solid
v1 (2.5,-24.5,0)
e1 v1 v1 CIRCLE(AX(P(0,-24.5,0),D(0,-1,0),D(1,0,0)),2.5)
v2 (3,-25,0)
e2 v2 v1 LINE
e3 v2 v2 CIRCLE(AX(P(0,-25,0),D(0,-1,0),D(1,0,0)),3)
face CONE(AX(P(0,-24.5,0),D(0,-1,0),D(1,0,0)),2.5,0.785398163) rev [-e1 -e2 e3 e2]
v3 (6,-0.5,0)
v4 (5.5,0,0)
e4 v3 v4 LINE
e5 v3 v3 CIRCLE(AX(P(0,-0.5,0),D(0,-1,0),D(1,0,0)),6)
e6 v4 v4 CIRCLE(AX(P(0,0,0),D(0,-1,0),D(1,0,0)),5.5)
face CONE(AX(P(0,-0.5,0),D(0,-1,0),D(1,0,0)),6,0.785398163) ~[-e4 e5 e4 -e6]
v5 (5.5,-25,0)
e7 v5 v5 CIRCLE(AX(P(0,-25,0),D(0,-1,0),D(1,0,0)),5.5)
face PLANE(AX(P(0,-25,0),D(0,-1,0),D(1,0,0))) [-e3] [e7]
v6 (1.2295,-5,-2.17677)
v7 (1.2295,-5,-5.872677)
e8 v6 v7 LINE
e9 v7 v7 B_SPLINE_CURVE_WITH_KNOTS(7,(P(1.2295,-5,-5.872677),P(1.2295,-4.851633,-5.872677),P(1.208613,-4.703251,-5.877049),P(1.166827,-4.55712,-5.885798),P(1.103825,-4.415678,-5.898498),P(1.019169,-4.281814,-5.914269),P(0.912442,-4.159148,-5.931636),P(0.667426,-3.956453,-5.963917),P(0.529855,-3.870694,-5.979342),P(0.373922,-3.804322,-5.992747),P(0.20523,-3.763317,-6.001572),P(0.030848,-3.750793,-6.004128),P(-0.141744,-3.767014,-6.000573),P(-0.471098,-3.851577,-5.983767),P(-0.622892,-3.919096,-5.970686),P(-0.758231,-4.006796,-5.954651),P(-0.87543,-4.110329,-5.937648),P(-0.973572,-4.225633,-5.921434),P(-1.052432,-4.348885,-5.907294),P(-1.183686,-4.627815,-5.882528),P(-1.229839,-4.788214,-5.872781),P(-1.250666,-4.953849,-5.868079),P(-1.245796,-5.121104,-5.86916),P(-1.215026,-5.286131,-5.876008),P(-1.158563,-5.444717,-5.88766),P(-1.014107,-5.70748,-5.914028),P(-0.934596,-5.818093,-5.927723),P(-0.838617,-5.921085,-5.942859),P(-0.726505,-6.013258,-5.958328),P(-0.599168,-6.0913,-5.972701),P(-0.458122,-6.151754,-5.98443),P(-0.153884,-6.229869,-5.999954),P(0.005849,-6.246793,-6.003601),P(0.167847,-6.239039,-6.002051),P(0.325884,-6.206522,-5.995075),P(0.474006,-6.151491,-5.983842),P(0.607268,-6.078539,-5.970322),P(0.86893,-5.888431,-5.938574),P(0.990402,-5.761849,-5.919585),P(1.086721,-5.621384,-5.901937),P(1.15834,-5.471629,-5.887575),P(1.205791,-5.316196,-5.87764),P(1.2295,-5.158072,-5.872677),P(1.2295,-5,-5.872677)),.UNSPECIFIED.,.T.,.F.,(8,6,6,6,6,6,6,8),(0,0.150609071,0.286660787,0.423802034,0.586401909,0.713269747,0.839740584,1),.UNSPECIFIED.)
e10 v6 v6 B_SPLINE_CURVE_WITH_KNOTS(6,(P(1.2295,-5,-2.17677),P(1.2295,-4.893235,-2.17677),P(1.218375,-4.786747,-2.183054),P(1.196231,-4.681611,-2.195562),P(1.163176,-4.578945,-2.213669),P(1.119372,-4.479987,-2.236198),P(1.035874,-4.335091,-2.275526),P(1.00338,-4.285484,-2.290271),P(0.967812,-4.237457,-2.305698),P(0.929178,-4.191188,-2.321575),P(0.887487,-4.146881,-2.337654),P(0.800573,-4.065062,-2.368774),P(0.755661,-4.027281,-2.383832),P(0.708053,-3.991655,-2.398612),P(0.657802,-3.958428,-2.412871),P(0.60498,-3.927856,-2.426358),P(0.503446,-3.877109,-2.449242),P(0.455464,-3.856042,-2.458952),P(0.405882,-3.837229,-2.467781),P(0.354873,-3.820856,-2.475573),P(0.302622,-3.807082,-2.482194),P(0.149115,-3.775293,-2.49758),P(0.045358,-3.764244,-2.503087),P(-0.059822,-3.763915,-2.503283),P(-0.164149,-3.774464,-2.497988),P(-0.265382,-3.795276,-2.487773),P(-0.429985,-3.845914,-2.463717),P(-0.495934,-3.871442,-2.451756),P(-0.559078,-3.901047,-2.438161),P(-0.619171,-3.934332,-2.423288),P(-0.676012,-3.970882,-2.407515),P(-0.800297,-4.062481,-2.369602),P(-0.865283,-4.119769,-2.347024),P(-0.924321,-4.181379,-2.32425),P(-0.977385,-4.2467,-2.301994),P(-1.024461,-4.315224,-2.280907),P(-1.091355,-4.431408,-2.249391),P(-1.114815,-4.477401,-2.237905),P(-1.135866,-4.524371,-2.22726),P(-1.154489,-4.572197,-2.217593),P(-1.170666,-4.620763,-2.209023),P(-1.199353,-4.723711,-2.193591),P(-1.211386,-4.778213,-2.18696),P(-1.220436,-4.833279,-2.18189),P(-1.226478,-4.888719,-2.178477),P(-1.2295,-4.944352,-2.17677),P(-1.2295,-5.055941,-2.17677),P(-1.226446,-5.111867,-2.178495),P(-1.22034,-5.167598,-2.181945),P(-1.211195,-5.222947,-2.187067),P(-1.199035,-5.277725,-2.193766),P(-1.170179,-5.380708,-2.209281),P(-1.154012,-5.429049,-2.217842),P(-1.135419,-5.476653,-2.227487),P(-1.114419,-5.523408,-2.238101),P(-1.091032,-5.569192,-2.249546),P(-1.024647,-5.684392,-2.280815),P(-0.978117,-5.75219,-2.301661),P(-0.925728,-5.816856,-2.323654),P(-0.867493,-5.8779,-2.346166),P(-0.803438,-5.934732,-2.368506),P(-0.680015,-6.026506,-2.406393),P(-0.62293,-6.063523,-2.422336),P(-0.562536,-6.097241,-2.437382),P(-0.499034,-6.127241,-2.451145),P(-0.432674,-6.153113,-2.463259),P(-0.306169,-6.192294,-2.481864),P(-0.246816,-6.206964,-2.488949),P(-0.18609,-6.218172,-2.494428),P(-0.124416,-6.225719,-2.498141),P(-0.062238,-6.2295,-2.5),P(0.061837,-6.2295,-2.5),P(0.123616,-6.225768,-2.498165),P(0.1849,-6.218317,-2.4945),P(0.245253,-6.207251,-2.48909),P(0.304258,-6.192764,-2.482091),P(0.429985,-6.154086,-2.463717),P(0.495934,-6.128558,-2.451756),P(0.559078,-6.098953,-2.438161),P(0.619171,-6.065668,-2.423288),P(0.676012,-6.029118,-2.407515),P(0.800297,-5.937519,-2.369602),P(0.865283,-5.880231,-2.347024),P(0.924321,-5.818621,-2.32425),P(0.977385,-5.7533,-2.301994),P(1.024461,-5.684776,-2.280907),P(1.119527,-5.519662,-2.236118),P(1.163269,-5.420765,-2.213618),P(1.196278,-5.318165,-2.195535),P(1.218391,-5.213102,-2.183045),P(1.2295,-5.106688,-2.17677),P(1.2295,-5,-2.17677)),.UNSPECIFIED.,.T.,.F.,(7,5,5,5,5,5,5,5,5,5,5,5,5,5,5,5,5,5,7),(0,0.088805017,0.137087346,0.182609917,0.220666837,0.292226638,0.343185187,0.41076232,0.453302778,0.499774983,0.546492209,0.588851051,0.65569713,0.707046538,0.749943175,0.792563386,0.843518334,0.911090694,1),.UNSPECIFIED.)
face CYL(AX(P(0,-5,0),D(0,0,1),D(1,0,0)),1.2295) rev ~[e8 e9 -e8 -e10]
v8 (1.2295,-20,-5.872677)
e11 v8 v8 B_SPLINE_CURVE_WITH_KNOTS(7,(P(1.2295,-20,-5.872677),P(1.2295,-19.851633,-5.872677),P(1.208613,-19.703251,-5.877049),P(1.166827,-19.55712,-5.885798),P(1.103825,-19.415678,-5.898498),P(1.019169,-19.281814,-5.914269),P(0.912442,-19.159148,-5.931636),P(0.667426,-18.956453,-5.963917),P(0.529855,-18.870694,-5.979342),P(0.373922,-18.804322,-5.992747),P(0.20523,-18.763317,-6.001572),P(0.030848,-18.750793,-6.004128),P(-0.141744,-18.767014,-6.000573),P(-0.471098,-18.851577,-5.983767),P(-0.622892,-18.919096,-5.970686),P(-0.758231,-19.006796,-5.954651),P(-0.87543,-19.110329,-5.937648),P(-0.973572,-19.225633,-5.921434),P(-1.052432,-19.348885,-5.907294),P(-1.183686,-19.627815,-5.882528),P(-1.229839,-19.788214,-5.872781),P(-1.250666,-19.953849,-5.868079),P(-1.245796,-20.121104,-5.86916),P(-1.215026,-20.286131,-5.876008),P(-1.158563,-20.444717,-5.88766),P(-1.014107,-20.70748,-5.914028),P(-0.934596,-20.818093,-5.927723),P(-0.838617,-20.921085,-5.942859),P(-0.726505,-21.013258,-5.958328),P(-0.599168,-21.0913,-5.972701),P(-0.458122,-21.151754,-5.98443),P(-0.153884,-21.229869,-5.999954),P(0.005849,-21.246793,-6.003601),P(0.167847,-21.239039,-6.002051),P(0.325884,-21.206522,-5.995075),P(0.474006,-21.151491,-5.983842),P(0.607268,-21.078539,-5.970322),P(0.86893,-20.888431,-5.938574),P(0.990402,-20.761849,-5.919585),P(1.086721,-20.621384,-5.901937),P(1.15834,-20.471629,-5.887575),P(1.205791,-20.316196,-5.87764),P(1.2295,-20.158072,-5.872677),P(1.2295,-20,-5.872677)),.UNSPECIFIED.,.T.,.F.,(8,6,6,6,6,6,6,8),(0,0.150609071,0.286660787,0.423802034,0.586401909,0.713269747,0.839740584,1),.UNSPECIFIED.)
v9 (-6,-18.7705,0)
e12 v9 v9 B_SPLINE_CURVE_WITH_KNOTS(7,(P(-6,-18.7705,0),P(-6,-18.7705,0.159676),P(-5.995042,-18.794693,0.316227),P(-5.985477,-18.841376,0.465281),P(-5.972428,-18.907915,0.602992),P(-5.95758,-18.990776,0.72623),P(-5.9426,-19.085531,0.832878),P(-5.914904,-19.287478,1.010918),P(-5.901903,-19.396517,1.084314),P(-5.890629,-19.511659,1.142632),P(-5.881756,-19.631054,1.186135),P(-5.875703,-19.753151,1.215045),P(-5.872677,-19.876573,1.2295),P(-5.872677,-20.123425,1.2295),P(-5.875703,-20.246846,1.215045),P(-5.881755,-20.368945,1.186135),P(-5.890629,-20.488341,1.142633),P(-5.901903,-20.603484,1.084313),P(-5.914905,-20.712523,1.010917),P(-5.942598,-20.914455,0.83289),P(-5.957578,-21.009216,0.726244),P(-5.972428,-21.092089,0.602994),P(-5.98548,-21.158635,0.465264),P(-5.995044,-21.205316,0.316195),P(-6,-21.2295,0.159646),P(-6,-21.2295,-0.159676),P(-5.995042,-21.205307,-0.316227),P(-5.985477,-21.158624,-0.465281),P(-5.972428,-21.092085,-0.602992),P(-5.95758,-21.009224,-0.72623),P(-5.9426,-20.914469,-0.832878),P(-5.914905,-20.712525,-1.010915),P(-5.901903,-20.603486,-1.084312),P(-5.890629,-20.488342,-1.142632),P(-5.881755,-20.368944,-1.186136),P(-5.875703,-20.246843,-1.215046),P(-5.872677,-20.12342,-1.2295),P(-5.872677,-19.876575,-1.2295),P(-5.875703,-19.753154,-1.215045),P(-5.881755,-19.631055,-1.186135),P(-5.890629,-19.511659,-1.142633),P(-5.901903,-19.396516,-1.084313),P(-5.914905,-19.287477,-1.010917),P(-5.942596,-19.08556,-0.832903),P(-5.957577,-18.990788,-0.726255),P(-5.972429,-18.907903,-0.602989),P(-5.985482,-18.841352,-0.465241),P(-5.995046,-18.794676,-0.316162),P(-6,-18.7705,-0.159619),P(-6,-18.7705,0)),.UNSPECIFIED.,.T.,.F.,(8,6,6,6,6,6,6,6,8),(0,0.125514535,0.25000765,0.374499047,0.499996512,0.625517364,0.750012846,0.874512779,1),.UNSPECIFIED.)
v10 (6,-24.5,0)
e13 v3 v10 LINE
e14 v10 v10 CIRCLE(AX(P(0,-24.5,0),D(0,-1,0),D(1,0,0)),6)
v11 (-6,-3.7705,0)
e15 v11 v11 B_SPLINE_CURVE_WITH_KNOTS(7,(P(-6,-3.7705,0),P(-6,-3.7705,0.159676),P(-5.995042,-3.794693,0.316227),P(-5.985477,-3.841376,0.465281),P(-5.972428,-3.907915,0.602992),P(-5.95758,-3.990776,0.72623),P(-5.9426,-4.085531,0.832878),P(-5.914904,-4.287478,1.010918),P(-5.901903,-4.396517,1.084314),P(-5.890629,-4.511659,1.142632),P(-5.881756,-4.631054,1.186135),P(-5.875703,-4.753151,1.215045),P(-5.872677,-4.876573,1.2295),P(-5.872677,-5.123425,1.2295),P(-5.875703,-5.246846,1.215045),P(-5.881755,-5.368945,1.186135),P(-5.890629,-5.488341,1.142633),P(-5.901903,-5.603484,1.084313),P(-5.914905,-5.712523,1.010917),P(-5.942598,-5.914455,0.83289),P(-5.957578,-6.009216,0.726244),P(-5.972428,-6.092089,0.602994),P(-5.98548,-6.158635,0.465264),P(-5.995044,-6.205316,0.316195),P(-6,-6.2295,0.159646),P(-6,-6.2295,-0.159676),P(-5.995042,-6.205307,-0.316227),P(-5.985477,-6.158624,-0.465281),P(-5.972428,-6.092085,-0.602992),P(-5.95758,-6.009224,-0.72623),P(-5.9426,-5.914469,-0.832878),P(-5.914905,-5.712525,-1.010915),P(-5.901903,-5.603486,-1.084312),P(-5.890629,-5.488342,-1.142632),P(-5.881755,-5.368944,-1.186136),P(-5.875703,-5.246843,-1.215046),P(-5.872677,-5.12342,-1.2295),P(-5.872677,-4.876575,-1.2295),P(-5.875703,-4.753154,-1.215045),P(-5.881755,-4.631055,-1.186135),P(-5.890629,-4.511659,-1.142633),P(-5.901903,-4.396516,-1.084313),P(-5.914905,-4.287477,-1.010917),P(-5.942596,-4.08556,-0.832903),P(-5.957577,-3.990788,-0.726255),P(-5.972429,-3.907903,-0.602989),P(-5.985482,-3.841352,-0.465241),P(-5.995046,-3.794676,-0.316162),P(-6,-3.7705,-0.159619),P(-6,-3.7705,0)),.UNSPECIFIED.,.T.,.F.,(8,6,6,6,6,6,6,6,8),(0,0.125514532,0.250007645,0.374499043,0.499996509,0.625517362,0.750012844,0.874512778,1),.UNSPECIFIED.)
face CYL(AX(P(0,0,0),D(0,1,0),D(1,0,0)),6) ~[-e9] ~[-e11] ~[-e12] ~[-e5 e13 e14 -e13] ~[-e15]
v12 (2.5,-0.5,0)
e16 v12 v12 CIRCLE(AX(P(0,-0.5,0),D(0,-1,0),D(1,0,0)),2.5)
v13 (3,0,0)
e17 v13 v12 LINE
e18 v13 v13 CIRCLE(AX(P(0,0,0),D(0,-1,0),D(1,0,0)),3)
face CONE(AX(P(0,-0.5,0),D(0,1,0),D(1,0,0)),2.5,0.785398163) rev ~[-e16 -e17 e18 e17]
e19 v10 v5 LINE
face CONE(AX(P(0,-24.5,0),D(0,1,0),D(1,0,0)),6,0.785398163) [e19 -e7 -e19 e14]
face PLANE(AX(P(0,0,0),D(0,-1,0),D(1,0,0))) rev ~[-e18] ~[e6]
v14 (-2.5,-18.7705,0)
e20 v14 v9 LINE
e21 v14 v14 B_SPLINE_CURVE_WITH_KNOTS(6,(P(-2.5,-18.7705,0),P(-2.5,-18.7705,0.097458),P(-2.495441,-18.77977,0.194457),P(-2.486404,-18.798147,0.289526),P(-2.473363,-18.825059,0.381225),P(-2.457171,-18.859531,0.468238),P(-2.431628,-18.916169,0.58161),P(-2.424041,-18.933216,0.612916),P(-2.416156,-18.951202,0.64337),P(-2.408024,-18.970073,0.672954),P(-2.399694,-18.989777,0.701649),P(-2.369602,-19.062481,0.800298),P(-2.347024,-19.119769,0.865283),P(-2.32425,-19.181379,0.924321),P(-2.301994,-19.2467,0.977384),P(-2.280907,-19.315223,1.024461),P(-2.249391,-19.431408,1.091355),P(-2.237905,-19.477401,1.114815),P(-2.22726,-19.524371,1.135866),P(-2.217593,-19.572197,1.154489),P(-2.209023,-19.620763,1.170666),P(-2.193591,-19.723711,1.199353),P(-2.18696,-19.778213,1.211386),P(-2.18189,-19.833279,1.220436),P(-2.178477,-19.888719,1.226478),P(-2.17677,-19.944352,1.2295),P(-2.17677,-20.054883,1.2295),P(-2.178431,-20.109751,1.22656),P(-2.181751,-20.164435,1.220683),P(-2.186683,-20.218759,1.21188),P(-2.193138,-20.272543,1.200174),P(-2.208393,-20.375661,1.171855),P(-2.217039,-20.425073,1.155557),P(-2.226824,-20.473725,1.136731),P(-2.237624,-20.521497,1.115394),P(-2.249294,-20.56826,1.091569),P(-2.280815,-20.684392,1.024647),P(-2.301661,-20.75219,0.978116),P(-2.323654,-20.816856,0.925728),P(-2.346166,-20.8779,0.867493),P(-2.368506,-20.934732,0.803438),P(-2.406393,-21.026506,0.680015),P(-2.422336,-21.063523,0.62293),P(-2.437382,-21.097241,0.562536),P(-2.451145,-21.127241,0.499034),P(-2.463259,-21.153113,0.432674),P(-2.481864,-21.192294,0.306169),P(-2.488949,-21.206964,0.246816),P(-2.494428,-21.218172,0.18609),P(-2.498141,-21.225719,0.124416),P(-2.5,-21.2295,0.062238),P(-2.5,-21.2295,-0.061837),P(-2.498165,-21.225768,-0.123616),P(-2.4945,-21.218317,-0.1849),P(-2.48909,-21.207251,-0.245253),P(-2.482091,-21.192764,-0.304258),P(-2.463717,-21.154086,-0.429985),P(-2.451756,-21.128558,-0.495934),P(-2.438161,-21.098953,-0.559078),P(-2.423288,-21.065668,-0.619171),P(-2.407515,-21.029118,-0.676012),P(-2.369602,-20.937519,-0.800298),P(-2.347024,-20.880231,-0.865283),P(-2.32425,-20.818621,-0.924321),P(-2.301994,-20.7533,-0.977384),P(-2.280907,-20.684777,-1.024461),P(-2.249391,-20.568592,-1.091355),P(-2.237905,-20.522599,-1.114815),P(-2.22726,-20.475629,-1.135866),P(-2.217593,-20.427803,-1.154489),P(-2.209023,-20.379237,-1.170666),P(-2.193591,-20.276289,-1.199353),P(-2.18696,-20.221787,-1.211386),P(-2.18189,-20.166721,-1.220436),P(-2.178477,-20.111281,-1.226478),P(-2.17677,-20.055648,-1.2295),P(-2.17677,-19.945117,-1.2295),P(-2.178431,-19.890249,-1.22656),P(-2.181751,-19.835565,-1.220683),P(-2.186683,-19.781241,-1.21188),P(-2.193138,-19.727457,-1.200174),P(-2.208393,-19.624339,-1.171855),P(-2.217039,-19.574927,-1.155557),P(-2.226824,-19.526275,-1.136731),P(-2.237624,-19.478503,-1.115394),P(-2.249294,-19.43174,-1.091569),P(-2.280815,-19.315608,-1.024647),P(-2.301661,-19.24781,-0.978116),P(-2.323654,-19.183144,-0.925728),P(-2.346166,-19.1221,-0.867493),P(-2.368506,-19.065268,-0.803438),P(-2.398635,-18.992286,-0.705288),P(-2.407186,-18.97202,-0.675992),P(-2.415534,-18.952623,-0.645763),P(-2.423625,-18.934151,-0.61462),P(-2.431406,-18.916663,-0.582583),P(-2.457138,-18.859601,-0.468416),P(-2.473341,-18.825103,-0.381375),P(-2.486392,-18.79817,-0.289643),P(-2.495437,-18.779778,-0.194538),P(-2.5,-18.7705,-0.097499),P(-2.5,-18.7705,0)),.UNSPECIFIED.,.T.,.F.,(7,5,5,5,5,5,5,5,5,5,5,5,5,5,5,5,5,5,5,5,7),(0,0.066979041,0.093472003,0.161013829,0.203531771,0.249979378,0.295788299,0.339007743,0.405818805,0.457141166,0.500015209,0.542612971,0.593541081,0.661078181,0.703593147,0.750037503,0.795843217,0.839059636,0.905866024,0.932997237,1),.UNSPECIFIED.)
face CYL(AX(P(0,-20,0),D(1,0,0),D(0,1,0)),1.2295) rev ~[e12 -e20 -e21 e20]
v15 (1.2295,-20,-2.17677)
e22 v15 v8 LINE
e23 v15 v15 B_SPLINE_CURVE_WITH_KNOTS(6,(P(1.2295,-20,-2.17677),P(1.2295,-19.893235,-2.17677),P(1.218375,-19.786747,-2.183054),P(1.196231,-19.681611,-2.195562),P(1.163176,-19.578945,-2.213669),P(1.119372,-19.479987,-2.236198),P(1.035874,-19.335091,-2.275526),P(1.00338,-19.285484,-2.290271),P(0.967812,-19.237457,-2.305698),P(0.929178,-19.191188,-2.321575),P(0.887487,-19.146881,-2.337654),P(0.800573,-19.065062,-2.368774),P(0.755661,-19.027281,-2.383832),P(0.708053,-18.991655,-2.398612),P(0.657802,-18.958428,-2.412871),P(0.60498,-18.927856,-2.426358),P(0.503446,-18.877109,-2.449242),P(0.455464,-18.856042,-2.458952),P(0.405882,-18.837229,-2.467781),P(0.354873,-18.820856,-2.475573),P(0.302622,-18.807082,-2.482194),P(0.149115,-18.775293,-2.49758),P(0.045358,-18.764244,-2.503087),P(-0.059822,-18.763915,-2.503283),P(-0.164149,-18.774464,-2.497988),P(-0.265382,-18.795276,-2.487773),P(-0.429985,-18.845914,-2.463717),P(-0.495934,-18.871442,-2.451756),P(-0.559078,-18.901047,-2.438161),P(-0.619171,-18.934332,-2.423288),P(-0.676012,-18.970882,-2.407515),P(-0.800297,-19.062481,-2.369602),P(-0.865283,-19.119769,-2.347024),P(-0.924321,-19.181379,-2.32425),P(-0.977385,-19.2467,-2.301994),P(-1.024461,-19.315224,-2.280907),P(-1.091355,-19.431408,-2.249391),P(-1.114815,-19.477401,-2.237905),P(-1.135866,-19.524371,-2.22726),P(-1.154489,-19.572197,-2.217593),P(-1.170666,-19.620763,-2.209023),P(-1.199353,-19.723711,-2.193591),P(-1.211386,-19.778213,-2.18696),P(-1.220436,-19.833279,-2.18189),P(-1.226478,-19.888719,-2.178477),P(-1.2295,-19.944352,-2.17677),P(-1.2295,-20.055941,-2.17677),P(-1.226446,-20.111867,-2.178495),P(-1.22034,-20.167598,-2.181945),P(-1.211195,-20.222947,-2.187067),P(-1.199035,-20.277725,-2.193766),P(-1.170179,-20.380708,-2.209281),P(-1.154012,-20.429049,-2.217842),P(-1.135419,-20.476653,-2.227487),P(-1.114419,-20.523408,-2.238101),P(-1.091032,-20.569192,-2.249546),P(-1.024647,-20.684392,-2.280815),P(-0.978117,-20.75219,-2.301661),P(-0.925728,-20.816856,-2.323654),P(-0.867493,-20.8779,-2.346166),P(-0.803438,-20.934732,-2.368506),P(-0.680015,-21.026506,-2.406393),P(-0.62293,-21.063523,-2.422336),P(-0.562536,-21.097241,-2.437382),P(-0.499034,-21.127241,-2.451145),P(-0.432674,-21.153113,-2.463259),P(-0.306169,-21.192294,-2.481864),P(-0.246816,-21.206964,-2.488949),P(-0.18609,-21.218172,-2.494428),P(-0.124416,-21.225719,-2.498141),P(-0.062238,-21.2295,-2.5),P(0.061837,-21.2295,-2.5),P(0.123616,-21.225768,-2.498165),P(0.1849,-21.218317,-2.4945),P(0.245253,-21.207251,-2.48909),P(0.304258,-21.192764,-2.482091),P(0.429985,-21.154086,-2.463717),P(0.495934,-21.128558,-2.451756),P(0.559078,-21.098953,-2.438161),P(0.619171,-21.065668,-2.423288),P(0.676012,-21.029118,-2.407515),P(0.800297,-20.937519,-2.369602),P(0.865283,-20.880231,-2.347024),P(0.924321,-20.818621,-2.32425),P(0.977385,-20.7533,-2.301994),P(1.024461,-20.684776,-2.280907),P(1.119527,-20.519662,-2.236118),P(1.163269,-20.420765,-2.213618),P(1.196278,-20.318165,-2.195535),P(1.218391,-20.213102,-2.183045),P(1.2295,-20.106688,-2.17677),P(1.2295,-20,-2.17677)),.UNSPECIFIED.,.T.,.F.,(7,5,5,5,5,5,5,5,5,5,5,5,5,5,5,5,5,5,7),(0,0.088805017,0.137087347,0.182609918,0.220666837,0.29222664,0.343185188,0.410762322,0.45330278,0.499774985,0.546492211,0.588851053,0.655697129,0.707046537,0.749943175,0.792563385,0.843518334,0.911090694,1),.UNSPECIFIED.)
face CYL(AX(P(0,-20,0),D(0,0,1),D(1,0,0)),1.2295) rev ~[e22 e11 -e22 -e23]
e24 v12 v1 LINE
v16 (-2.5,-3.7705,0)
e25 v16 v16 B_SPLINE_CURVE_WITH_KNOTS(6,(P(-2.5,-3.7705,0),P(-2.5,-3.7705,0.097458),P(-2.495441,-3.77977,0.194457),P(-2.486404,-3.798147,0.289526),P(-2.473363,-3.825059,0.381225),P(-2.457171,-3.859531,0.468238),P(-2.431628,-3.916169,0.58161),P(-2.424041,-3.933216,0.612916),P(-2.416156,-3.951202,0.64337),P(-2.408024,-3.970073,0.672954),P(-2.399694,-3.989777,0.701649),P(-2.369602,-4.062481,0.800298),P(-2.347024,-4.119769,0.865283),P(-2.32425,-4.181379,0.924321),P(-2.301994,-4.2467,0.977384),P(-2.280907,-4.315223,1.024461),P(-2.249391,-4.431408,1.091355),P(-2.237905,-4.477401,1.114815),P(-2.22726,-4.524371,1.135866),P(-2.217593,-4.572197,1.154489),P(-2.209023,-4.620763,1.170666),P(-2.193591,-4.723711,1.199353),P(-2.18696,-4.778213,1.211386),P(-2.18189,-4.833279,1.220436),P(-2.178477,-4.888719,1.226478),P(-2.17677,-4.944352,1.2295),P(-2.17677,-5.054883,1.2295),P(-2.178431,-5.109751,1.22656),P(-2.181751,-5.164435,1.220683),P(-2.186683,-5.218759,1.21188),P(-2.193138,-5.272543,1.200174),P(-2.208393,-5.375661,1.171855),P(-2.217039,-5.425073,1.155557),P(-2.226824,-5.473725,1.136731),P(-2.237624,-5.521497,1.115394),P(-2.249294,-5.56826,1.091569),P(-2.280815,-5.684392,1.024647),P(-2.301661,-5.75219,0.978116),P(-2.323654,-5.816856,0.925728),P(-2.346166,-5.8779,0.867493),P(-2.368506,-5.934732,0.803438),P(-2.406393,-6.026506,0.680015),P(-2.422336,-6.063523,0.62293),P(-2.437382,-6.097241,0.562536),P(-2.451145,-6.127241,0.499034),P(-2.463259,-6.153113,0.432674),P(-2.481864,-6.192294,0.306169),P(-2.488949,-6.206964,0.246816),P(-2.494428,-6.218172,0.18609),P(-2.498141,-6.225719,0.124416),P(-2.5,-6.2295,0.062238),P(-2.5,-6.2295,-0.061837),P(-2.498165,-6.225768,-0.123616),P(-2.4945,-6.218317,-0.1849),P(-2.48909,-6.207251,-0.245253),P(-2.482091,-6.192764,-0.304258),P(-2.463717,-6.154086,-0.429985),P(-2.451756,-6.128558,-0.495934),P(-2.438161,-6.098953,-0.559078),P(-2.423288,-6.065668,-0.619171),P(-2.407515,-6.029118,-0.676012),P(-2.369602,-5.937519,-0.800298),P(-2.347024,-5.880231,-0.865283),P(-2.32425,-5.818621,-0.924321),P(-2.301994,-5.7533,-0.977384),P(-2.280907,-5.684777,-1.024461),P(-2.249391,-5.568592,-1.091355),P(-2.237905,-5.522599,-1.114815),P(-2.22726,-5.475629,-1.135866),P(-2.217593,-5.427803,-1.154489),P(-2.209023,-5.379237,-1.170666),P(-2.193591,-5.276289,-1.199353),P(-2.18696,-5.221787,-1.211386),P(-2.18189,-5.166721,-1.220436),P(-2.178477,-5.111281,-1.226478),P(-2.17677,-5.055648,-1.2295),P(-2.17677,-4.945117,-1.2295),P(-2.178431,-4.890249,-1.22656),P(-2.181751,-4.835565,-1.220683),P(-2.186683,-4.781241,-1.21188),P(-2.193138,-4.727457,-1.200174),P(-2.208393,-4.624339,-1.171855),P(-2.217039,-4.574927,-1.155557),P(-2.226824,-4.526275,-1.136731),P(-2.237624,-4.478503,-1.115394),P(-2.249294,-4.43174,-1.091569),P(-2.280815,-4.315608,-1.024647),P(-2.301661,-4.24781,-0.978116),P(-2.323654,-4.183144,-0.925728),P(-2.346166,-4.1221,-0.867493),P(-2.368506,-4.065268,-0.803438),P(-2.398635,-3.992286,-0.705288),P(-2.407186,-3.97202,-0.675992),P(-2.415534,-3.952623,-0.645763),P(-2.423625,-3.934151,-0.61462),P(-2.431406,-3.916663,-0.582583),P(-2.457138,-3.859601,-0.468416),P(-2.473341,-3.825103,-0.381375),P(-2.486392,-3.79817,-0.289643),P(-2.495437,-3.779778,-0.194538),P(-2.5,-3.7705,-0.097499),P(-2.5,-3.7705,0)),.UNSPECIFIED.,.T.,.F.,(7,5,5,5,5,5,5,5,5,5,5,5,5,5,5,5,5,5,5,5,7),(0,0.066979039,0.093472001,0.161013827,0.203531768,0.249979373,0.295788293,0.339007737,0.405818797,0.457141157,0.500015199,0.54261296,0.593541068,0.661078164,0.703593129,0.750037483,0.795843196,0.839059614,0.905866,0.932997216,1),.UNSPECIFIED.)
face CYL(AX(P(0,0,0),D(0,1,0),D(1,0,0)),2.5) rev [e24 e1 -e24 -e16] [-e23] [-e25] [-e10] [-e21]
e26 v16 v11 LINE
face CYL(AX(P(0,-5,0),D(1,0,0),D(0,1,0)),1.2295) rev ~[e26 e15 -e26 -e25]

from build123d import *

# Parameters (mm, degrees)
F0_R     = 6
F0_R_2   = 2.5
F1_DEPTH = 25
F2_R     = 1.2295
F3_DEPTH = 25
F4_R     = 1.2295
F5_DEPTH = 25
F6_SIZE  = 0.5


with BuildPart() as f1:
    # F0 (on Front) → F1 (new body)
    with BuildSketch(Plane.XZ):
        Circle(F0_R)
        Circle(F0_R_2, mode=Mode.SUBTRACT)
    extrude(amount=F1_DEPTH)

    # F2 (on Top) → F3 (cut)
    with BuildSketch(Plane.XY):
        with Locations((0, -5)):
            Circle(F2_R)
        with Locations((0, -20)):
            Circle(F2_R)
    extrude(amount=-F3_DEPTH, mode=Mode.SUBTRACT)

    # F4 (on Right) → F5 (cut)
    with BuildSketch(Plane.YZ):
        with Locations((-5, 0)):
            Circle(F4_R)
        with Locations((-20, 0)):
            Circle(F4_R)
    extrude(amount=-F5_DEPTH, mode=Mode.SUBTRACT)

    # F6
    f6_edges = [f1.edges().sort_by_distance(p)[0] for p in [
        (-6, -25, 0),
        (-2.5, -25, 0),
        (-6, 0, 0),
        (-2.5, 0, 0),
    ]]
    chamfer(f6_edges, length=F6_SIZE)


solid = f1.part
